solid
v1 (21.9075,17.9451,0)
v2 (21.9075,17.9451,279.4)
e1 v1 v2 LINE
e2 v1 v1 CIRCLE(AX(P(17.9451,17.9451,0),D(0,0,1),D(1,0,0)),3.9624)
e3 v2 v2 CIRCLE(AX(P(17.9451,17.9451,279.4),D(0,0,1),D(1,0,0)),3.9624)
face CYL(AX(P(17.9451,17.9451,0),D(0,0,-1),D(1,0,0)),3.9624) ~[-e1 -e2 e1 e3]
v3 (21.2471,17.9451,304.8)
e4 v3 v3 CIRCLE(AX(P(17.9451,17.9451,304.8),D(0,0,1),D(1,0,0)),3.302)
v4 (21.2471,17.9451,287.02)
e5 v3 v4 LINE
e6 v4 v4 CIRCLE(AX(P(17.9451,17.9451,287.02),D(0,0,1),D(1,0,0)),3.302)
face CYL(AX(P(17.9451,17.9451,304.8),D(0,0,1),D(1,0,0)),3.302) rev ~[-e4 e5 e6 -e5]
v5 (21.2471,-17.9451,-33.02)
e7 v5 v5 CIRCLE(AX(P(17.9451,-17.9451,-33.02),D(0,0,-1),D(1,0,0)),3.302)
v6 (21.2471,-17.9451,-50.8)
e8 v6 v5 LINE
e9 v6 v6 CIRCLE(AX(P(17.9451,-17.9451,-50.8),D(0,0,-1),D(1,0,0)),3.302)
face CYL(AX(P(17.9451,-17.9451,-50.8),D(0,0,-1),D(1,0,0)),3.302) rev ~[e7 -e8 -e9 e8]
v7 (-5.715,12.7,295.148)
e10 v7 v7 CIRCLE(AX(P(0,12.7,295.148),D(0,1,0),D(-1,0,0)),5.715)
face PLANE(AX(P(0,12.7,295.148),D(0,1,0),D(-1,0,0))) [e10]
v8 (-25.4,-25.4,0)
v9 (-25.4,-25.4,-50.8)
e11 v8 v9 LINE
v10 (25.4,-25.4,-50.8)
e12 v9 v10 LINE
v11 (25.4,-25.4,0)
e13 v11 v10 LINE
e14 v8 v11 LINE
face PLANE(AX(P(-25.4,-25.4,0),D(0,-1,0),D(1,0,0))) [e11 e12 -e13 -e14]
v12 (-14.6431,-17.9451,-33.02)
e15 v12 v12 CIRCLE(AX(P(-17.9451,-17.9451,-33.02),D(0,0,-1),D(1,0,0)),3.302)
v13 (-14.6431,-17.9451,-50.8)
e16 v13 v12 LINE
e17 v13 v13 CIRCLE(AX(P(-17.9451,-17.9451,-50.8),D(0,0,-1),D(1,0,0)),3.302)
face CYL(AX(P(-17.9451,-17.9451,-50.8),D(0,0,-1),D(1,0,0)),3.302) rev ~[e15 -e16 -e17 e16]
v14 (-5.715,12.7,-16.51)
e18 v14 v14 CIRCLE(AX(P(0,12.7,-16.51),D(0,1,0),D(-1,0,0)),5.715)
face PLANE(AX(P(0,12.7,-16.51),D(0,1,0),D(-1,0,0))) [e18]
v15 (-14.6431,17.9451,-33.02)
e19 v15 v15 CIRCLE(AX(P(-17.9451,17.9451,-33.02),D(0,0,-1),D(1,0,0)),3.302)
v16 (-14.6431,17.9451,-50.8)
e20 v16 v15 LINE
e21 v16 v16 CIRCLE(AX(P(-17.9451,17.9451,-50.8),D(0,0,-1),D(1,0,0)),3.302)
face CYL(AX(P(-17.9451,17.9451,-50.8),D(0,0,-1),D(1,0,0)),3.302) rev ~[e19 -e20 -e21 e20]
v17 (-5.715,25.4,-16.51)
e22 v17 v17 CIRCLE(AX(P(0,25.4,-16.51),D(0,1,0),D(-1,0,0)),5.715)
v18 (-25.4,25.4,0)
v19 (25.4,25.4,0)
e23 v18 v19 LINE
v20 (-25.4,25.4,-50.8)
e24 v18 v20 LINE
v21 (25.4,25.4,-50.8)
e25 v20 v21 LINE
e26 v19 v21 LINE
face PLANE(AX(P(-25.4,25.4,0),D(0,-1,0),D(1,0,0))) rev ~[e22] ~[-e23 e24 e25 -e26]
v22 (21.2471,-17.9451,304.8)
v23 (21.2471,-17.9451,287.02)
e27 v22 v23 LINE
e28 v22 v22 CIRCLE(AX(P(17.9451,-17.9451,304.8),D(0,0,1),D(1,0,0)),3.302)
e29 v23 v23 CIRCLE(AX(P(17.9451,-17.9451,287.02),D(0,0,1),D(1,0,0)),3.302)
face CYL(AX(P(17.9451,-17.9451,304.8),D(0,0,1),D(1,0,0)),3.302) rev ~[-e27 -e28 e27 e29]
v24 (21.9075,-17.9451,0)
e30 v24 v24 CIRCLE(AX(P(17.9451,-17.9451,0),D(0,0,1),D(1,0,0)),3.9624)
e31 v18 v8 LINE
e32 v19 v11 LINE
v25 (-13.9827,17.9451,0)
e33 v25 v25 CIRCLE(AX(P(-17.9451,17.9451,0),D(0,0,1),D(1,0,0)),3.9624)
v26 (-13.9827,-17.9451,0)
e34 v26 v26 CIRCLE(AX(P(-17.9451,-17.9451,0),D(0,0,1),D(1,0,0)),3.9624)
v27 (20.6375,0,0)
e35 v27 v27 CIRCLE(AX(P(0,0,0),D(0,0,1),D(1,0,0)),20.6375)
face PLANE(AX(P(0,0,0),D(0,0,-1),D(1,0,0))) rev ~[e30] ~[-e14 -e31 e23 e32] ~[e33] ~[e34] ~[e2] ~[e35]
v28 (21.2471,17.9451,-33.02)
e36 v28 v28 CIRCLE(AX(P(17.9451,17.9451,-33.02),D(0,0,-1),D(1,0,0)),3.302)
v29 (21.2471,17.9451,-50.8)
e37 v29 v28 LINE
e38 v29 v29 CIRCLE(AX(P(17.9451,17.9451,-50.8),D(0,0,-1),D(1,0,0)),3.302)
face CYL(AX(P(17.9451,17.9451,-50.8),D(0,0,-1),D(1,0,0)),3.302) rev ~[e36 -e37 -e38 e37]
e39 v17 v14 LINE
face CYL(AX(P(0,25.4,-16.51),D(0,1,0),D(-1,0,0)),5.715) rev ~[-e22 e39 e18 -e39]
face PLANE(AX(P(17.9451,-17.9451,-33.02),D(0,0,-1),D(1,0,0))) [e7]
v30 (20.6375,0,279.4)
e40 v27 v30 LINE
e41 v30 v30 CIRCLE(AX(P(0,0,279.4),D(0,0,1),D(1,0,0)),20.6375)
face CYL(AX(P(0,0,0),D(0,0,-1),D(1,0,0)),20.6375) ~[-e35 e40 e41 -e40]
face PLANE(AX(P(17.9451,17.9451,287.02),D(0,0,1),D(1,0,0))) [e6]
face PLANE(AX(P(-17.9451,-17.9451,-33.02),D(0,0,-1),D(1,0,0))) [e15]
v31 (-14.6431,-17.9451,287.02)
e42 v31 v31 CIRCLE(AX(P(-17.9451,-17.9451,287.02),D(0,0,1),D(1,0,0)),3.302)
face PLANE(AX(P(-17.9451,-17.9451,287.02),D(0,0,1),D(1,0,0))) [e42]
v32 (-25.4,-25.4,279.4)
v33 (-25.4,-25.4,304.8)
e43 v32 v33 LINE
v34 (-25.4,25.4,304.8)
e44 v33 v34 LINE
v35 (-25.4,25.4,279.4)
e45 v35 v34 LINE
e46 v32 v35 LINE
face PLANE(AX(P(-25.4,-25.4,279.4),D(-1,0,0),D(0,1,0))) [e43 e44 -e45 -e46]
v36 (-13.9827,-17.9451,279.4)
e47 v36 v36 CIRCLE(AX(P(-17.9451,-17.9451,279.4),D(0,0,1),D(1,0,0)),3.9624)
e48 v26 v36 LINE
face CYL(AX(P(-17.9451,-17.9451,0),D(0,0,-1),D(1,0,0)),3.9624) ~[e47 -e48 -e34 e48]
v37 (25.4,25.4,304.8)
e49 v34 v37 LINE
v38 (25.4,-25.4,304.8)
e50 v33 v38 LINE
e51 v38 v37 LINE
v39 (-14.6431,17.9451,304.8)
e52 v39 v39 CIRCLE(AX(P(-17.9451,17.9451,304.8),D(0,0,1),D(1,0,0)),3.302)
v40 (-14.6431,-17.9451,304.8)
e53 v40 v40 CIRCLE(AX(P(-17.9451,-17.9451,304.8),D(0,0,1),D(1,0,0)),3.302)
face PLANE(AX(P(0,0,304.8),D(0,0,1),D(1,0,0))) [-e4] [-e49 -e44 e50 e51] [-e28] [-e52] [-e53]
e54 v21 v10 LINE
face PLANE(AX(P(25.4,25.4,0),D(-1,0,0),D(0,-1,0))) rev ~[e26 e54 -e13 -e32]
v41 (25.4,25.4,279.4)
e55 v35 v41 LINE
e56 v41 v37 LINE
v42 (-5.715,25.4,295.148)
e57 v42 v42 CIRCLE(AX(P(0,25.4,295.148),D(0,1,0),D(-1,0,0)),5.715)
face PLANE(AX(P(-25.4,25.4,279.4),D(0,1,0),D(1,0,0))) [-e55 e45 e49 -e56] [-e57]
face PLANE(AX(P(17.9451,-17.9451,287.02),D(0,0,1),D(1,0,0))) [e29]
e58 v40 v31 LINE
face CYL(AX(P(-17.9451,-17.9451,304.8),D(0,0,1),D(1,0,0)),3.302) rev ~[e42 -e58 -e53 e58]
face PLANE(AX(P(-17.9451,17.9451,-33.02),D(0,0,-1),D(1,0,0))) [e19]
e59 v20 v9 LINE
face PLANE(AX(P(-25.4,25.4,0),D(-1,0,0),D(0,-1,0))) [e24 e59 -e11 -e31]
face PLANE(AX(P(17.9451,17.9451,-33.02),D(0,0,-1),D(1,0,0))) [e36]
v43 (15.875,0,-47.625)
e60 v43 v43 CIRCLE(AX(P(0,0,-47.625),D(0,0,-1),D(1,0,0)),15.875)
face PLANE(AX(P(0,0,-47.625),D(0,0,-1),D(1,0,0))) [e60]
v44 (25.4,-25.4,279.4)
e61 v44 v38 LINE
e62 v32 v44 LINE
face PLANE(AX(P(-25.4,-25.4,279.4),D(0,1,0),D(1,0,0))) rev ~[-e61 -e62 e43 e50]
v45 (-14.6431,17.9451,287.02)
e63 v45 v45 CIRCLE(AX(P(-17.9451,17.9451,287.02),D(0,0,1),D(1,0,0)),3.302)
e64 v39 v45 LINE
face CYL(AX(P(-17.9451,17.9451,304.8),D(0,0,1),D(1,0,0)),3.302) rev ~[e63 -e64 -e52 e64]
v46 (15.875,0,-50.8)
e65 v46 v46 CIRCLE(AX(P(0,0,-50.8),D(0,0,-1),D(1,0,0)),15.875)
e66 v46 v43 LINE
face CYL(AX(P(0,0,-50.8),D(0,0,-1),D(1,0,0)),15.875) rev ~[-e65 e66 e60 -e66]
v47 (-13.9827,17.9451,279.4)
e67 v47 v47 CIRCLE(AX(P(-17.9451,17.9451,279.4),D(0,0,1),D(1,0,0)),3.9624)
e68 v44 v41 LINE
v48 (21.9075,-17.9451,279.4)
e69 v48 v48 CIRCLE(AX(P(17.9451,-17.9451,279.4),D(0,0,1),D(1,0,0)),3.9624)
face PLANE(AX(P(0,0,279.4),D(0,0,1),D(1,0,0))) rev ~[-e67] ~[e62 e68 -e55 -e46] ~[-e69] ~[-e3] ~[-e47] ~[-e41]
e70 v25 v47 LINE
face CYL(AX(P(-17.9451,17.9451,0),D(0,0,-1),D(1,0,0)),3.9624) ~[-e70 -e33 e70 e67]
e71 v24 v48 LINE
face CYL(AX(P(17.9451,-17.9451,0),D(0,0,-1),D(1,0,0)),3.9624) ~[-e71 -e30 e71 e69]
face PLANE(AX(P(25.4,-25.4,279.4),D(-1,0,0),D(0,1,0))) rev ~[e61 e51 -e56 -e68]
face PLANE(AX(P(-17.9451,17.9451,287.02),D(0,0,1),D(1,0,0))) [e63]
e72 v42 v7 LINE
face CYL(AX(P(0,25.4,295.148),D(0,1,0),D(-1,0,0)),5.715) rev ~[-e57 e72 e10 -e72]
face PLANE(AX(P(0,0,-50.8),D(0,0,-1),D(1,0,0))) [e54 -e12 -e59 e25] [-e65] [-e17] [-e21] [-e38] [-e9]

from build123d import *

# Parameters (mm, degrees)
F0_R      = 20.6375
F0_R_2    = 3.9624
F1_DEPTH  = 279.4
F2_W      = 50.8
F2_H      = 50.8
F3_DEPTH  = 25.4
F4_W      = 50.8
F4_H      = 50.8
F5_DEPTH  = 50.8
F6_R      = 3.302
F7_DEPTH  = 17.78
F8_R      = 3.302
F9_DEPTH  = 17.78
F10_R     = 15.875
F11_DEPTH = 3.175
F12_R     = 5.715
F13_DEPTH = 12.7


with BuildPart() as f1:
    # F0 (on Top) → F1 (new body)
    with BuildSketch(Plane.XY):
        Circle(F0_R)
        with Locations((-17.9451, 17.9451)):
            Circle(F0_R_2)
        with Locations((17.9451, 17.9451)):
            Circle(F0_R_2)
        with Locations((17.9451, -17.9451)):
            Circle(F0_R_2)
        with Locations((-17.9451, -17.9451)):
            Circle(F0_R_2)
    extrude(amount=F1_DEPTH)

    # F2 (on face) → F3 (join)
    with BuildSketch(Plane.XY.offset(279.4)):
        Rectangle(F2_W, F2_H)
    extrude(amount=F3_DEPTH)

    # F4 (on face) → F5 (join)
    with BuildSketch(Plane(origin=(0, 0, 0), x_dir=(1, 0, 0), z_dir=(0, 0, -1))):
        Rectangle(F4_W, F4_H)
    extrude(amount=F5_DEPTH)

    # F6 (on face) → F7 (cut)
    with BuildSketch(Plane(origin=(0, 0, -50.8), x_dir=(1, 0, 0), z_dir=(0, 0, -1))):
        with Locations((-17.9451, 17.9451)):
            Circle(F6_R)
        with Locations((17.9451, 17.9451)):
            Circle(F6_R)
        with Locations((17.9451, -17.9451)):
            Circle(F6_R)
        with Locations((-17.9451, -17.9451)):
            Circle(F6_R)
    extrude(amount=-F7_DEPTH, mode=Mode.SUBTRACT)

    # F8 (on face) → F9 (cut)
    with BuildSketch(Plane.XY.offset(304.8)):
        with Locations((17.9451, -17.9451)):
            Circle(F8_R)
        with Locations((-17.9451, -17.9451)):
            Circle(F8_R)
        with Locations((17.9451, 17.9451)):
            Circle(F8_R)
        with Locations((-17.9451, 17.9451)):
            Circle(F8_R)
    extrude(amount=-F9_DEPTH, mode=Mode.SUBTRACT)

    # F10 (on face) → F11 (cut)
    with BuildSketch(Plane(origin=(0, 0, -50.8), x_dir=(1, 0, 0), z_dir=(0, 0, -1))):
        Circle(F10_R)
    extrude(amount=-F11_DEPTH, mode=Mode.SUBTRACT)

    # F12 (on face) → F13 (cut)
    with BuildSketch(Plane(origin=(0, 25.4, 0), x_dir=(-1, 0, 0), z_dir=(0, 1, 0))):
        with Locations((0, -16.51)):
            Circle(F12_R)
        with Locations((0, 295.148)):
            Circle(F12_R)
    extrude(amount=-F13_DEPTH, mode=Mode.SUBTRACT)


solid = f1.part
